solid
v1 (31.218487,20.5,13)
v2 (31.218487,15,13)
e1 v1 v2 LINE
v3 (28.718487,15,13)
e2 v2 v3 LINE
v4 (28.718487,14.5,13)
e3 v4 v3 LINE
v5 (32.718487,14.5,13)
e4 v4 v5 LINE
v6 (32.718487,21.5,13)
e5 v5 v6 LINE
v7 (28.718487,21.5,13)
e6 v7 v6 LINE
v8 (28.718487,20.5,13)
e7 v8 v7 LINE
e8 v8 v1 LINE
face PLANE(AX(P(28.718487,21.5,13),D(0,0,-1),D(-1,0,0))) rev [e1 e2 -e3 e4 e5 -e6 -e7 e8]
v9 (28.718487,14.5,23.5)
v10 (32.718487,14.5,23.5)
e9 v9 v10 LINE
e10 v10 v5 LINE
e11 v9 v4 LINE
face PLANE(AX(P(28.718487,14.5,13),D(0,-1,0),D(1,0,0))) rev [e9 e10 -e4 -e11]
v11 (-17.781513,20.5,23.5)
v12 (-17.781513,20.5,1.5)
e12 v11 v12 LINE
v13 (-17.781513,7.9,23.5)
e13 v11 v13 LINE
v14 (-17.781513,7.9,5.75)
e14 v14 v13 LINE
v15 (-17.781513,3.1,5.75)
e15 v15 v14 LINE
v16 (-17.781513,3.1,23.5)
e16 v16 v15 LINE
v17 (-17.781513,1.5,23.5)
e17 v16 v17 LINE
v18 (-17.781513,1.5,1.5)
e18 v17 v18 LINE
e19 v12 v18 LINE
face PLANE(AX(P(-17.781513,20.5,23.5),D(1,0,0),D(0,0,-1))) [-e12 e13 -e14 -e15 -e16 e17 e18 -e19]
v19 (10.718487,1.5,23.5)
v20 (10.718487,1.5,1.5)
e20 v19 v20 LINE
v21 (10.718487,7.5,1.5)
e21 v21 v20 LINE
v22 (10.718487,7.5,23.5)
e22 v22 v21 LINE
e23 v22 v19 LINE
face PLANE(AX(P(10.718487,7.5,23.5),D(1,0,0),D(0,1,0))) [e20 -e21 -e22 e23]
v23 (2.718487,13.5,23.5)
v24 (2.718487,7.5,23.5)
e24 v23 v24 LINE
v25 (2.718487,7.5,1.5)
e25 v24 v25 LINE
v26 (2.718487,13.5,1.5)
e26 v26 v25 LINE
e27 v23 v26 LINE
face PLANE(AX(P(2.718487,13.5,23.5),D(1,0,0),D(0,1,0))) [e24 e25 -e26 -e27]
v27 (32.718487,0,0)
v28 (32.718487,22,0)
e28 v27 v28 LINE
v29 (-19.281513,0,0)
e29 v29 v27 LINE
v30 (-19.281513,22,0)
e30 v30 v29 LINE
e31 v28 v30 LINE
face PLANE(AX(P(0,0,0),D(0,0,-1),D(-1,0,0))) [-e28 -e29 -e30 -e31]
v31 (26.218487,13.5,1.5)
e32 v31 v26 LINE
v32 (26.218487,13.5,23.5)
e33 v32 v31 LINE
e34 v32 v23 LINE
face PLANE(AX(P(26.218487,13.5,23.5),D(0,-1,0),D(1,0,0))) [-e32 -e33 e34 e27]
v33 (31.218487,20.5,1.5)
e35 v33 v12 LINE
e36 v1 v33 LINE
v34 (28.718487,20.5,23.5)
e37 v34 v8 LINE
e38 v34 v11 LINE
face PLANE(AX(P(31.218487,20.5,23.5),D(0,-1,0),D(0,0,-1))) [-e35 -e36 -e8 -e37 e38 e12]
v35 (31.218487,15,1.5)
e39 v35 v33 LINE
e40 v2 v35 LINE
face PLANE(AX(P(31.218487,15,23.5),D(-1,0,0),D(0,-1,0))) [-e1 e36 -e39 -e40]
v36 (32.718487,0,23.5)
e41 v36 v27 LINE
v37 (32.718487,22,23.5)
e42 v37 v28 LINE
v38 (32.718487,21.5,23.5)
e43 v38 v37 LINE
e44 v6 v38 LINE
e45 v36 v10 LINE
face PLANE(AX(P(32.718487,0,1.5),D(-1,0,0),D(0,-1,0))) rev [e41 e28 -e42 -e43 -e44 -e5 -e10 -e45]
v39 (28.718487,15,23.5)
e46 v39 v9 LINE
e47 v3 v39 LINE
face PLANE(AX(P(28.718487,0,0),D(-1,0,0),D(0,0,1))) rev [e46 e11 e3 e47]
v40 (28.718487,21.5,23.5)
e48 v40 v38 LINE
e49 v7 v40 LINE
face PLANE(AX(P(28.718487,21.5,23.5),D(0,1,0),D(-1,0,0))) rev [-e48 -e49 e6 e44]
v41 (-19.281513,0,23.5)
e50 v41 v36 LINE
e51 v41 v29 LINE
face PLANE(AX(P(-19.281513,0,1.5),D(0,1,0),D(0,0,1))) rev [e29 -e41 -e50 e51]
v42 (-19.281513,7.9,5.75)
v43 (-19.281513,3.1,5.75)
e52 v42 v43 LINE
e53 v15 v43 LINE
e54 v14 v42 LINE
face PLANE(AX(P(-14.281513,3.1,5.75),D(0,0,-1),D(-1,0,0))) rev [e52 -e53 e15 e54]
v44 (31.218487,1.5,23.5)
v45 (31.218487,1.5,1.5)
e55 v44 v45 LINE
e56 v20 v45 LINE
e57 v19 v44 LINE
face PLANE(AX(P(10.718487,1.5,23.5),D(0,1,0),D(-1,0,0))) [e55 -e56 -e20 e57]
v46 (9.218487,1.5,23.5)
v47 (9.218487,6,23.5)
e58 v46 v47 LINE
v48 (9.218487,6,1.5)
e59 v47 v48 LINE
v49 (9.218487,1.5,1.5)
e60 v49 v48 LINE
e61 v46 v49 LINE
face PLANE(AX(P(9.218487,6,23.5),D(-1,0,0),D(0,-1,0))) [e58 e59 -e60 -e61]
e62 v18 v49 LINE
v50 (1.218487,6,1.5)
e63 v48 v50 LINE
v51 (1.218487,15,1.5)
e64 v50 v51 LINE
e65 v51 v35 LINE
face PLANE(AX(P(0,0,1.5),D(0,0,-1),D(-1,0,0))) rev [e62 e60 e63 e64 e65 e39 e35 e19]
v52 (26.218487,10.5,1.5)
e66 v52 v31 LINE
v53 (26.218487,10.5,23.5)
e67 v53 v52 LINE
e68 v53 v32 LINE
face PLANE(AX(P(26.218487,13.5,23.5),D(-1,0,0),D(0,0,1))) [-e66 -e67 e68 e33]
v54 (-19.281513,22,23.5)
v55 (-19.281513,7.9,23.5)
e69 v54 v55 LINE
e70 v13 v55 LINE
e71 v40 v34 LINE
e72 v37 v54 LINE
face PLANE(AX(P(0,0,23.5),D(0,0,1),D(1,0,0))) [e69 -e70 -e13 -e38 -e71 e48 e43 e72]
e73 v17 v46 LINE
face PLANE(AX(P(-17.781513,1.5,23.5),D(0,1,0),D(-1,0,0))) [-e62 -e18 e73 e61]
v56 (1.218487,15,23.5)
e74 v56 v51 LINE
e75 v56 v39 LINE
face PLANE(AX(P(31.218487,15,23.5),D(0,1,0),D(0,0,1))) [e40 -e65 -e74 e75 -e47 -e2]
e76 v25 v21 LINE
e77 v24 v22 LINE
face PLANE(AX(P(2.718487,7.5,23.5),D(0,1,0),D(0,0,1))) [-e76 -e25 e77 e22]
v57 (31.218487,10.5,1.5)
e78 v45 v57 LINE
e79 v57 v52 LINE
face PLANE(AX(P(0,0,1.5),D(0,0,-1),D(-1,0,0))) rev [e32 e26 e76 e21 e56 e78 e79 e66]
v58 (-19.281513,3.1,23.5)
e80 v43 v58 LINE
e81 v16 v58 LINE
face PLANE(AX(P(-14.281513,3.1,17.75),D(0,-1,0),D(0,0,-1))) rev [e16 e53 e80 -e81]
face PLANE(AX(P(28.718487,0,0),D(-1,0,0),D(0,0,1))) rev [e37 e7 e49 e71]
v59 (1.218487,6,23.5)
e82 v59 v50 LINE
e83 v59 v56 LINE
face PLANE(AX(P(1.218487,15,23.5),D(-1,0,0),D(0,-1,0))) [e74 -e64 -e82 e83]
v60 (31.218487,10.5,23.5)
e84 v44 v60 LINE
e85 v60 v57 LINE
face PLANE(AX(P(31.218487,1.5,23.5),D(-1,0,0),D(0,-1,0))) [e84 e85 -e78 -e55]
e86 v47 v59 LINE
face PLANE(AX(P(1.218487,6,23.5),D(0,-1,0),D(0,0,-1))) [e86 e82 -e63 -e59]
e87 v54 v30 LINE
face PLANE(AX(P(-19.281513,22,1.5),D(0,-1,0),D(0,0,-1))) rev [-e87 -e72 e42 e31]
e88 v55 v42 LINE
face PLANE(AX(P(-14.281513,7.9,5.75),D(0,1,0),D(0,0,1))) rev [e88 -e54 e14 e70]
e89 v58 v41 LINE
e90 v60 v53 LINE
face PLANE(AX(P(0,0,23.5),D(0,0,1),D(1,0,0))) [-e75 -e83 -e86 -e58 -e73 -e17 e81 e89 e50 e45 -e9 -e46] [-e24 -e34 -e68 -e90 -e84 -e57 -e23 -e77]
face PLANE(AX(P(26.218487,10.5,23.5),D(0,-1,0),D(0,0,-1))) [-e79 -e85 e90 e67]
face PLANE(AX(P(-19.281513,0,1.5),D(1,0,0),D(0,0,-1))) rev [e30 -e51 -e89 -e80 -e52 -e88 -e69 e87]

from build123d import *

# Parameters (mm, degrees)
SKETCH1_W           = 52
SKETCH1_H           = 22
BOSS_EXTRUDE1_DEPTH = 1.5
SKETCH2_W           = 52
SKETCH2_H           = 22
BOSS_EXTRUDE2_DEPTH = 22
CUT_EXTRUDE1_DEPTH  = 5
SKETCH6_W           = 10.5
SKETCH6_H           = 7
CUT_EXTRUDE2_DEPTH  = 4


with BuildPart() as part:
    # Sketch1 → Boss-Extrude1 (new body)
    with BuildSketch(Plane.XY):
        with Locations((6.718487395, 11)):
            Rectangle(SKETCH1_W, SKETCH1_H)
    extrude(amount=BOSS_EXTRUDE1_DEPTH)

    # Sketch2 → Boss-Extrude2 (add)
    with BuildSketch(Plane.XY.offset(1.5)):
        with Locations((6.718487395, 11)):
            Rectangle(SKETCH2_W, SKETCH2_H)
        Polygon((-17.781512605, 20.5), (-17.781512605, 1.5), (9.218487395, 1.5), (9.218487395, 6), (1.218487395, 6), (1.218487395, 15), (31.218487395, 15), (31.218487395, 20.5), align=None, mode=Mode.SUBTRACT)
        Polygon((31.218487395, 1.5), (31.218487395, 10.5), (26.218487395, 10.5), (26.218487395, 13.5), (2.718487395, 13.5), (2.718487395, 7.5), (10.718487395, 7.5), (10.718487395, 1.5), align=None, mode=Mode.SUBTRACT)
    extrude(amount=BOSS_EXTRUDE2_DEPTH)

    # Sketch3 → Cut-Extrude1 (cut)
    with BuildSketch(Plane.ZY.offset(19.281512605)):
        Polygon((5.75, 3.1), (17.75, 3.1), (23.5, 3.1), (23.5, 7.9), (17.75, 7.9), (5.75, 7.9), align=None)
    extrude(amount=-CUT_EXTRUDE1_DEPTH, mode=Mode.SUBTRACT)

    # Sketch6 → Cut-Extrude2 (cut)
    with BuildSketch(Plane(origin=(32.718487395, 0, 0), x_dir=(0, 0, -1), z_dir=(1, 0, 0))):
        with Locations((-18.25, 18)):
            Rectangle(SKETCH6_W, SKETCH6_H)
    extrude(amount=-CUT_EXTRUDE2_DEPTH, mode=Mode.SUBTRACT)


solid = part.part
